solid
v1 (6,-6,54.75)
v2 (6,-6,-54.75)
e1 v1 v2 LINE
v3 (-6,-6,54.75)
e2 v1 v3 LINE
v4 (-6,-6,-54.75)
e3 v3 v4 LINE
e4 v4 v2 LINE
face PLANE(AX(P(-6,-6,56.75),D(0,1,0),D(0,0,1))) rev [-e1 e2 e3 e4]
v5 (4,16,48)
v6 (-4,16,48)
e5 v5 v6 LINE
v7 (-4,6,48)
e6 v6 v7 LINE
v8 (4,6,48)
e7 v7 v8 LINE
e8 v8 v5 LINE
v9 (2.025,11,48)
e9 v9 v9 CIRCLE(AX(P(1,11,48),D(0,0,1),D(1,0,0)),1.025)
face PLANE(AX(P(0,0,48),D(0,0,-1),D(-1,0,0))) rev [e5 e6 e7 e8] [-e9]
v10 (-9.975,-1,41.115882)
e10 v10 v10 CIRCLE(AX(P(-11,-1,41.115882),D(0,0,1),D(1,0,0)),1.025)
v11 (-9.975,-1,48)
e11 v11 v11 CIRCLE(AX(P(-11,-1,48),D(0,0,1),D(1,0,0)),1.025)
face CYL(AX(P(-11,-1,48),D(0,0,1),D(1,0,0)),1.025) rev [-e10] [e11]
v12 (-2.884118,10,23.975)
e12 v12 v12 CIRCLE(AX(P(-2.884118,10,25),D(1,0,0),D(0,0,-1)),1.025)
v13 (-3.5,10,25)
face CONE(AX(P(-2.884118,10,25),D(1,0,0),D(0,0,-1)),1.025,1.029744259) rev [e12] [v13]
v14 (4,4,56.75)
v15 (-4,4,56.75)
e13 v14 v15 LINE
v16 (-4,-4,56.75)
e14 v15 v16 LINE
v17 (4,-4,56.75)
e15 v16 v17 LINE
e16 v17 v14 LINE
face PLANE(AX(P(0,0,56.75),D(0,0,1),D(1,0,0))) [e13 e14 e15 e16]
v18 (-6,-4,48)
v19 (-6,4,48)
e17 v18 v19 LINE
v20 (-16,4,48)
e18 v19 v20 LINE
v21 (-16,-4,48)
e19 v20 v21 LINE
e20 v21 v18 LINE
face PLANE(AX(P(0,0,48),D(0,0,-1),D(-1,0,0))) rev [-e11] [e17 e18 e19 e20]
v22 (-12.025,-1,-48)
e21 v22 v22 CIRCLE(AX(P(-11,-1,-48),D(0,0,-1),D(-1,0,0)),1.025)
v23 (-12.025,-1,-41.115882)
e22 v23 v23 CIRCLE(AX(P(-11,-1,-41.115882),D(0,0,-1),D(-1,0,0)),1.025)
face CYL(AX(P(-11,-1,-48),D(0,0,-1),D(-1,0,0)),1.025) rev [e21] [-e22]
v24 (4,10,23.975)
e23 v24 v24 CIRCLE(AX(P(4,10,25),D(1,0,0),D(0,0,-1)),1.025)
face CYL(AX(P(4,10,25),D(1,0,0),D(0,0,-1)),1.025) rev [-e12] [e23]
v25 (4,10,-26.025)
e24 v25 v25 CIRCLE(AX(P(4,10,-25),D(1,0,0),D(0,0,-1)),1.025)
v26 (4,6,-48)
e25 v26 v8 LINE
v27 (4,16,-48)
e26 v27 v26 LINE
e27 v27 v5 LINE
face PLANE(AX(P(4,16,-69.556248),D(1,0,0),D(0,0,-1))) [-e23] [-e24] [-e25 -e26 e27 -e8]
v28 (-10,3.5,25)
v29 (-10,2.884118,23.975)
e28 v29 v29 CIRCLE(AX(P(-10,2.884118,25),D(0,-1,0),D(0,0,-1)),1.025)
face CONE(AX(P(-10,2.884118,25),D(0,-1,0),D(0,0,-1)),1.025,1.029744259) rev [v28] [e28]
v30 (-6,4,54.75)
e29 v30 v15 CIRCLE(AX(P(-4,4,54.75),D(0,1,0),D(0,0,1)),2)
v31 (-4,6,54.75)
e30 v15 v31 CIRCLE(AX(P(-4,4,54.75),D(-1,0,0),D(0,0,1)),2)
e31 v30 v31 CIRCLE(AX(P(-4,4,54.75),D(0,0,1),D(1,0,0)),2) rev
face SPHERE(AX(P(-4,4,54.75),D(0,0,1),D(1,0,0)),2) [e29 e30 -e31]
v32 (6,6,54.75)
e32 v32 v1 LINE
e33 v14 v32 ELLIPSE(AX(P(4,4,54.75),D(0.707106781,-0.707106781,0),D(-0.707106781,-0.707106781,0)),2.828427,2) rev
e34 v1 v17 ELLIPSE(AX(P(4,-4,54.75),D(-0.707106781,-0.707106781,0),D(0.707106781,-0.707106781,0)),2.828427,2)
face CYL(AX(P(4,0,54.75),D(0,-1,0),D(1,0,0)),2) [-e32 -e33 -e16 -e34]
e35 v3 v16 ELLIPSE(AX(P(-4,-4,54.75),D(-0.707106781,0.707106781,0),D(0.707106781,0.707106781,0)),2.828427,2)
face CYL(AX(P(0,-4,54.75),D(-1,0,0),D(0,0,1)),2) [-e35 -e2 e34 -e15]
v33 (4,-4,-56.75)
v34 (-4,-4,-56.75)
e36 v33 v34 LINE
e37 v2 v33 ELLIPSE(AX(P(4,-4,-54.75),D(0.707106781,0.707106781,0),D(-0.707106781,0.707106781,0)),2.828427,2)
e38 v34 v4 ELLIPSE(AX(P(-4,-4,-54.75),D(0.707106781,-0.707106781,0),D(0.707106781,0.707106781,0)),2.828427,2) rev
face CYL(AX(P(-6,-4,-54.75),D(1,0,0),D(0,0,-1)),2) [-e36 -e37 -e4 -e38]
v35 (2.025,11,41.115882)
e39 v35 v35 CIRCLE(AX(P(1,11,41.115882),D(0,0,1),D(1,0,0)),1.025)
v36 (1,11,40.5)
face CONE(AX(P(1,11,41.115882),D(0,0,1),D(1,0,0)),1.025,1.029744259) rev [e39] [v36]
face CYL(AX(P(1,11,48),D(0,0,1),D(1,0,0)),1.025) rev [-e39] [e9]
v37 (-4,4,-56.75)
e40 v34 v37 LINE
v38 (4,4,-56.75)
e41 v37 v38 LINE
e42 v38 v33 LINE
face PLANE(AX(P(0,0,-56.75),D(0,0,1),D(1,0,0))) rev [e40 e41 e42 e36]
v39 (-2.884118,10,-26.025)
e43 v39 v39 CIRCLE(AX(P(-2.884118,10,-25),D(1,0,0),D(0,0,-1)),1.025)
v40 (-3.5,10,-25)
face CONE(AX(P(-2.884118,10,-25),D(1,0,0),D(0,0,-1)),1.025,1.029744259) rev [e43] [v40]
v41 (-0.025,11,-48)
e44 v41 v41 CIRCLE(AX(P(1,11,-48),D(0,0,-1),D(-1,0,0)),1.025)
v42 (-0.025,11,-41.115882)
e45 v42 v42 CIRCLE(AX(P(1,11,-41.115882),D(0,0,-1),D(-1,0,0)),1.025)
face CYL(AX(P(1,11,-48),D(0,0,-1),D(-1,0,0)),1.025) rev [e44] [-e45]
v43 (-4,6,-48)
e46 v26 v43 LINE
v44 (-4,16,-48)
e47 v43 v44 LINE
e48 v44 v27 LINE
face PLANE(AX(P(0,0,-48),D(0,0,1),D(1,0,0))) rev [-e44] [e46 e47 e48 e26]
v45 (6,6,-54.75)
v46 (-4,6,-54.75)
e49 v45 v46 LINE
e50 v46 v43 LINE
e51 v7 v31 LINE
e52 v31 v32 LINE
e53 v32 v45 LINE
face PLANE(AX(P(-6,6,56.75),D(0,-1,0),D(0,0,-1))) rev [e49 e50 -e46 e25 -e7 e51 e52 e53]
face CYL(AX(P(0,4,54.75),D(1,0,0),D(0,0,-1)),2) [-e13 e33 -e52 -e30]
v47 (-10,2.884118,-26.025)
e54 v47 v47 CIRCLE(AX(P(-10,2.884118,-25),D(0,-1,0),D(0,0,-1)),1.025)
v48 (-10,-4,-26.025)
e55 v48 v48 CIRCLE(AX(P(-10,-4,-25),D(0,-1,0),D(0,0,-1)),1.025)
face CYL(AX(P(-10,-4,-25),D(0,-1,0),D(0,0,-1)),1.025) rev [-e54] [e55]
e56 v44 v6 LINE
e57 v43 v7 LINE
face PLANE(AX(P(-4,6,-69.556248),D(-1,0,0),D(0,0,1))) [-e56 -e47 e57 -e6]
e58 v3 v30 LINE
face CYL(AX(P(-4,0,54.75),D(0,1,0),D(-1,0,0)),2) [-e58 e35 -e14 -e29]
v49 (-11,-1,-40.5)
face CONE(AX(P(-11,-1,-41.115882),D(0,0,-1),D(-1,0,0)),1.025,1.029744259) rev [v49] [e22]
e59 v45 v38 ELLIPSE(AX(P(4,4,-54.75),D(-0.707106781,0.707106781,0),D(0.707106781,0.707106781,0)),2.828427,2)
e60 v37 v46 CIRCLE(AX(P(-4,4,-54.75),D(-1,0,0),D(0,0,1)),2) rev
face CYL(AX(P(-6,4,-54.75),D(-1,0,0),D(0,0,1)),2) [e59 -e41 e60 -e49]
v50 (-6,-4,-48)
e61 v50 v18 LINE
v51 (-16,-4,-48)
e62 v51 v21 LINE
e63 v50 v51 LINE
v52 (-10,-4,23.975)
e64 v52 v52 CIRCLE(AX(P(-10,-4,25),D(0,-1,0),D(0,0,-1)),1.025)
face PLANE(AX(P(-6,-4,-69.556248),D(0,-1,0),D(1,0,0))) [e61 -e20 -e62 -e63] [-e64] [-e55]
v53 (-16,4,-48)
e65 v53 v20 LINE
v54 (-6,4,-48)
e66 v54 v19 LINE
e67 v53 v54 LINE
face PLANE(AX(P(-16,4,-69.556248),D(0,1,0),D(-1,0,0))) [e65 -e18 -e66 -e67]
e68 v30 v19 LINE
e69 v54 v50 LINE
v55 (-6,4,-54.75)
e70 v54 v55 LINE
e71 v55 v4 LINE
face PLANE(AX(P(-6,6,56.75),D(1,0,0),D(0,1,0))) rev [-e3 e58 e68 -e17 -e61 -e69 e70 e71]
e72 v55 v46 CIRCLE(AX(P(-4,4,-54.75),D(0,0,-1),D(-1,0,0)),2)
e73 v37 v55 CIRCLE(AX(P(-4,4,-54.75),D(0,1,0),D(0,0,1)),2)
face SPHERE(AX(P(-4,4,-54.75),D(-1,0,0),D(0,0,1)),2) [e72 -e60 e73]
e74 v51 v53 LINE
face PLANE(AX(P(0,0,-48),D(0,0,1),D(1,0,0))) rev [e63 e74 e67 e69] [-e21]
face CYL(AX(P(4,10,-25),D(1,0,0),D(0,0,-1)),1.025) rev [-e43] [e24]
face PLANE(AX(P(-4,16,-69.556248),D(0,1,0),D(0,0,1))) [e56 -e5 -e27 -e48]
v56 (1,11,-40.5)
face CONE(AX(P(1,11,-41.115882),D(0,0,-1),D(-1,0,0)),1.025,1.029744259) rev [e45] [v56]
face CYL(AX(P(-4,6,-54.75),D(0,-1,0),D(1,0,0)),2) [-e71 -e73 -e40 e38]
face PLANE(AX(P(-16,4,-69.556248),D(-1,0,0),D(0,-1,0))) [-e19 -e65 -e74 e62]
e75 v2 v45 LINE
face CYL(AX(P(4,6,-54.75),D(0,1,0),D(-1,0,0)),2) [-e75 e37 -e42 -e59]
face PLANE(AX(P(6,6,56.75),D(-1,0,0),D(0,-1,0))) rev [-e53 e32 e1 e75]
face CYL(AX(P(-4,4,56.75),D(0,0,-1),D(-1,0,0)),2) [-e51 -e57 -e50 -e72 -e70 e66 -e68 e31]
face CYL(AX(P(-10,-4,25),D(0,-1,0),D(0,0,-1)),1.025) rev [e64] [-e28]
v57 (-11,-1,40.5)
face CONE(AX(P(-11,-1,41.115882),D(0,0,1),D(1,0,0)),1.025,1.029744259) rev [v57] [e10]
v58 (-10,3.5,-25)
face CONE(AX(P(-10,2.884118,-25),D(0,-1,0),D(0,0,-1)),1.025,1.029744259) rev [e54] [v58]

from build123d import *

# Parameters (mm, degrees)
SCHIZZO1_W                   = 12
SCHIZZO1_H                   = 12
ESTRUSIONE_ESTRUSIONE1_DEPTH = 56.75
RACCORDO1_R                  = 2
ESTRUSIONE_ESTRUSIONE3_START = -8.75
SCHIZZO3_W                   = 8
SCHIZZO3_H                   = 10
SCHIZZO3_W_2                 = 10
SCHIZZO3_H_2                 = 8
ESTRUSIONE_ESTRUSIONE3_DEPTH = 96
FORO_FILETTATO_M2_5_3_D      = 2.05
FORO_FILETTATO_M2_5_3_DEPTH  = 6.884117865
FORO_FILETTATO_M2_5_3_TIP    = 0.615882135
FORO_FILETTATO_M2_5_4_D      = 2.05
FORO_FILETTATO_M2_5_4_DEPTH  = 6.884117865
FORO_FILETTATO_M2_5_4_TIP    = 0.615882135


with BuildPart() as part:
    # Schizzo1 → Estrusione-Estrusione1 (new, symmetric)
    with BuildSketch(Plane.XY):
        Rectangle(SCHIZZO1_W, SCHIZZO1_H)
    extrude(amount=ESTRUSIONE_ESTRUSIONE1_DEPTH, both=True)

    # Raccordo1
    raccordo1_edges = [part.edges().sort_by_distance(p)[0] for p in [
        (-6, 0, 56.75),
        (0, -6, 56.75),
        (6, 0, 56.75),
        (0, -6, -56.75),
        (-6, 0, -56.75),
        (0, 6, -56.75),
        (6, 0, -56.75),
        (-6, 6, 0),
        (0, 6, 56.75),
    ]]
    fillet(raccordo1_edges, radius=RACCORDO1_R)

    # Schizzo3 → Estrusione-Estrusione3 (add)
    with BuildSketch(Plane.XY.offset(56.75).offset(ESTRUSIONE_ESTRUSIONE3_START)):
        with Locations((0, 11)):
            Rectangle(SCHIZZO3_W, SCHIZZO3_H)
        with Locations((-11, 0)):
            Rectangle(SCHIZZO3_W_2, SCHIZZO3_H_2)
    extrude(amount=-ESTRUSIONE_ESTRUSIONE3_DEPTH)

    # Schizzo5 → Foro filettato M2.5-1 (revolve, cut)
    with BuildSketch(Plane(origin=(1, 11, 48), x_dir=(0, -1, 0), z_dir=(1, 0, 0))):
        Polygon((0, 0), (0, 7.5), (1.025, 6.884117865), (1.025, 0), align=None)
    foro_filettato_m2_5_1 = revolve(axis=Axis((1, 11, 54.35), (0, 0, -1)), mode=Mode.SUBTRACT)

    # Schizzo8 → Foro filettato M2.5-2 (revolve, cut)
    with BuildSketch(Plane(origin=(-11, -1, 48), x_dir=(0, -1, 0), z_dir=(1, 0, 0))):
        Polygon((0, 0), (0, 7.5), (1.025, 6.884117865), (1.025, 0), align=None)
    foro_filettato_m2_5_2 = revolve(axis=Axis((-11, -1, 54.35), (0, 0, -1)), mode=Mode.SUBTRACT)

    # Specchia2: Foro filettato M2.5-1, Foro filettato M2.5-2 across plane
    add(foro_filettato_m2_5_1.mirror(Plane.XY), mode=Mode.SUBTRACT)
    add(foro_filettato_m2_5_2.mirror(Plane.XY), mode=Mode.SUBTRACT)

    # Foro filettato M2.5-3
    with Locations(Plane(origin=(4, 0, 0), x_dir=(0, 0, -1), z_dir=(1, 0, 0))):
        with Locations((-25, 10), (25, 10)):
            Hole(FORO_FILETTATO_M2_5_3_D / 2, depth=FORO_FILETTATO_M2_5_3_DEPTH)
            with Locations((0, 0, -(FORO_FILETTATO_M2_5_3_DEPTH + FORO_FILETTATO_M2_5_3_TIP / 2))):  # 118° drill point
                Cone(0, FORO_FILETTATO_M2_5_3_D / 2, FORO_FILETTATO_M2_5_3_TIP, mode=Mode.SUBTRACT)

    # Foro filettato M2.5-4
    with Locations(Plane(origin=(0, -4, 0), x_dir=(-1, 0, 0), z_dir=(0, -1, 0))):
        with Locations((10, 25), (10, -25)):
            Hole(FORO_FILETTATO_M2_5_4_D / 2, depth=FORO_FILETTATO_M2_5_4_DEPTH)
            with Locations((0, 0, -(FORO_FILETTATO_M2_5_4_DEPTH + FORO_FILETTATO_M2_5_4_TIP / 2))):  # 118° drill point
                Cone(0, FORO_FILETTATO_M2_5_4_D / 2, FORO_FILETTATO_M2_5_4_TIP, mode=Mode.SUBTRACT)


solid = part.part
